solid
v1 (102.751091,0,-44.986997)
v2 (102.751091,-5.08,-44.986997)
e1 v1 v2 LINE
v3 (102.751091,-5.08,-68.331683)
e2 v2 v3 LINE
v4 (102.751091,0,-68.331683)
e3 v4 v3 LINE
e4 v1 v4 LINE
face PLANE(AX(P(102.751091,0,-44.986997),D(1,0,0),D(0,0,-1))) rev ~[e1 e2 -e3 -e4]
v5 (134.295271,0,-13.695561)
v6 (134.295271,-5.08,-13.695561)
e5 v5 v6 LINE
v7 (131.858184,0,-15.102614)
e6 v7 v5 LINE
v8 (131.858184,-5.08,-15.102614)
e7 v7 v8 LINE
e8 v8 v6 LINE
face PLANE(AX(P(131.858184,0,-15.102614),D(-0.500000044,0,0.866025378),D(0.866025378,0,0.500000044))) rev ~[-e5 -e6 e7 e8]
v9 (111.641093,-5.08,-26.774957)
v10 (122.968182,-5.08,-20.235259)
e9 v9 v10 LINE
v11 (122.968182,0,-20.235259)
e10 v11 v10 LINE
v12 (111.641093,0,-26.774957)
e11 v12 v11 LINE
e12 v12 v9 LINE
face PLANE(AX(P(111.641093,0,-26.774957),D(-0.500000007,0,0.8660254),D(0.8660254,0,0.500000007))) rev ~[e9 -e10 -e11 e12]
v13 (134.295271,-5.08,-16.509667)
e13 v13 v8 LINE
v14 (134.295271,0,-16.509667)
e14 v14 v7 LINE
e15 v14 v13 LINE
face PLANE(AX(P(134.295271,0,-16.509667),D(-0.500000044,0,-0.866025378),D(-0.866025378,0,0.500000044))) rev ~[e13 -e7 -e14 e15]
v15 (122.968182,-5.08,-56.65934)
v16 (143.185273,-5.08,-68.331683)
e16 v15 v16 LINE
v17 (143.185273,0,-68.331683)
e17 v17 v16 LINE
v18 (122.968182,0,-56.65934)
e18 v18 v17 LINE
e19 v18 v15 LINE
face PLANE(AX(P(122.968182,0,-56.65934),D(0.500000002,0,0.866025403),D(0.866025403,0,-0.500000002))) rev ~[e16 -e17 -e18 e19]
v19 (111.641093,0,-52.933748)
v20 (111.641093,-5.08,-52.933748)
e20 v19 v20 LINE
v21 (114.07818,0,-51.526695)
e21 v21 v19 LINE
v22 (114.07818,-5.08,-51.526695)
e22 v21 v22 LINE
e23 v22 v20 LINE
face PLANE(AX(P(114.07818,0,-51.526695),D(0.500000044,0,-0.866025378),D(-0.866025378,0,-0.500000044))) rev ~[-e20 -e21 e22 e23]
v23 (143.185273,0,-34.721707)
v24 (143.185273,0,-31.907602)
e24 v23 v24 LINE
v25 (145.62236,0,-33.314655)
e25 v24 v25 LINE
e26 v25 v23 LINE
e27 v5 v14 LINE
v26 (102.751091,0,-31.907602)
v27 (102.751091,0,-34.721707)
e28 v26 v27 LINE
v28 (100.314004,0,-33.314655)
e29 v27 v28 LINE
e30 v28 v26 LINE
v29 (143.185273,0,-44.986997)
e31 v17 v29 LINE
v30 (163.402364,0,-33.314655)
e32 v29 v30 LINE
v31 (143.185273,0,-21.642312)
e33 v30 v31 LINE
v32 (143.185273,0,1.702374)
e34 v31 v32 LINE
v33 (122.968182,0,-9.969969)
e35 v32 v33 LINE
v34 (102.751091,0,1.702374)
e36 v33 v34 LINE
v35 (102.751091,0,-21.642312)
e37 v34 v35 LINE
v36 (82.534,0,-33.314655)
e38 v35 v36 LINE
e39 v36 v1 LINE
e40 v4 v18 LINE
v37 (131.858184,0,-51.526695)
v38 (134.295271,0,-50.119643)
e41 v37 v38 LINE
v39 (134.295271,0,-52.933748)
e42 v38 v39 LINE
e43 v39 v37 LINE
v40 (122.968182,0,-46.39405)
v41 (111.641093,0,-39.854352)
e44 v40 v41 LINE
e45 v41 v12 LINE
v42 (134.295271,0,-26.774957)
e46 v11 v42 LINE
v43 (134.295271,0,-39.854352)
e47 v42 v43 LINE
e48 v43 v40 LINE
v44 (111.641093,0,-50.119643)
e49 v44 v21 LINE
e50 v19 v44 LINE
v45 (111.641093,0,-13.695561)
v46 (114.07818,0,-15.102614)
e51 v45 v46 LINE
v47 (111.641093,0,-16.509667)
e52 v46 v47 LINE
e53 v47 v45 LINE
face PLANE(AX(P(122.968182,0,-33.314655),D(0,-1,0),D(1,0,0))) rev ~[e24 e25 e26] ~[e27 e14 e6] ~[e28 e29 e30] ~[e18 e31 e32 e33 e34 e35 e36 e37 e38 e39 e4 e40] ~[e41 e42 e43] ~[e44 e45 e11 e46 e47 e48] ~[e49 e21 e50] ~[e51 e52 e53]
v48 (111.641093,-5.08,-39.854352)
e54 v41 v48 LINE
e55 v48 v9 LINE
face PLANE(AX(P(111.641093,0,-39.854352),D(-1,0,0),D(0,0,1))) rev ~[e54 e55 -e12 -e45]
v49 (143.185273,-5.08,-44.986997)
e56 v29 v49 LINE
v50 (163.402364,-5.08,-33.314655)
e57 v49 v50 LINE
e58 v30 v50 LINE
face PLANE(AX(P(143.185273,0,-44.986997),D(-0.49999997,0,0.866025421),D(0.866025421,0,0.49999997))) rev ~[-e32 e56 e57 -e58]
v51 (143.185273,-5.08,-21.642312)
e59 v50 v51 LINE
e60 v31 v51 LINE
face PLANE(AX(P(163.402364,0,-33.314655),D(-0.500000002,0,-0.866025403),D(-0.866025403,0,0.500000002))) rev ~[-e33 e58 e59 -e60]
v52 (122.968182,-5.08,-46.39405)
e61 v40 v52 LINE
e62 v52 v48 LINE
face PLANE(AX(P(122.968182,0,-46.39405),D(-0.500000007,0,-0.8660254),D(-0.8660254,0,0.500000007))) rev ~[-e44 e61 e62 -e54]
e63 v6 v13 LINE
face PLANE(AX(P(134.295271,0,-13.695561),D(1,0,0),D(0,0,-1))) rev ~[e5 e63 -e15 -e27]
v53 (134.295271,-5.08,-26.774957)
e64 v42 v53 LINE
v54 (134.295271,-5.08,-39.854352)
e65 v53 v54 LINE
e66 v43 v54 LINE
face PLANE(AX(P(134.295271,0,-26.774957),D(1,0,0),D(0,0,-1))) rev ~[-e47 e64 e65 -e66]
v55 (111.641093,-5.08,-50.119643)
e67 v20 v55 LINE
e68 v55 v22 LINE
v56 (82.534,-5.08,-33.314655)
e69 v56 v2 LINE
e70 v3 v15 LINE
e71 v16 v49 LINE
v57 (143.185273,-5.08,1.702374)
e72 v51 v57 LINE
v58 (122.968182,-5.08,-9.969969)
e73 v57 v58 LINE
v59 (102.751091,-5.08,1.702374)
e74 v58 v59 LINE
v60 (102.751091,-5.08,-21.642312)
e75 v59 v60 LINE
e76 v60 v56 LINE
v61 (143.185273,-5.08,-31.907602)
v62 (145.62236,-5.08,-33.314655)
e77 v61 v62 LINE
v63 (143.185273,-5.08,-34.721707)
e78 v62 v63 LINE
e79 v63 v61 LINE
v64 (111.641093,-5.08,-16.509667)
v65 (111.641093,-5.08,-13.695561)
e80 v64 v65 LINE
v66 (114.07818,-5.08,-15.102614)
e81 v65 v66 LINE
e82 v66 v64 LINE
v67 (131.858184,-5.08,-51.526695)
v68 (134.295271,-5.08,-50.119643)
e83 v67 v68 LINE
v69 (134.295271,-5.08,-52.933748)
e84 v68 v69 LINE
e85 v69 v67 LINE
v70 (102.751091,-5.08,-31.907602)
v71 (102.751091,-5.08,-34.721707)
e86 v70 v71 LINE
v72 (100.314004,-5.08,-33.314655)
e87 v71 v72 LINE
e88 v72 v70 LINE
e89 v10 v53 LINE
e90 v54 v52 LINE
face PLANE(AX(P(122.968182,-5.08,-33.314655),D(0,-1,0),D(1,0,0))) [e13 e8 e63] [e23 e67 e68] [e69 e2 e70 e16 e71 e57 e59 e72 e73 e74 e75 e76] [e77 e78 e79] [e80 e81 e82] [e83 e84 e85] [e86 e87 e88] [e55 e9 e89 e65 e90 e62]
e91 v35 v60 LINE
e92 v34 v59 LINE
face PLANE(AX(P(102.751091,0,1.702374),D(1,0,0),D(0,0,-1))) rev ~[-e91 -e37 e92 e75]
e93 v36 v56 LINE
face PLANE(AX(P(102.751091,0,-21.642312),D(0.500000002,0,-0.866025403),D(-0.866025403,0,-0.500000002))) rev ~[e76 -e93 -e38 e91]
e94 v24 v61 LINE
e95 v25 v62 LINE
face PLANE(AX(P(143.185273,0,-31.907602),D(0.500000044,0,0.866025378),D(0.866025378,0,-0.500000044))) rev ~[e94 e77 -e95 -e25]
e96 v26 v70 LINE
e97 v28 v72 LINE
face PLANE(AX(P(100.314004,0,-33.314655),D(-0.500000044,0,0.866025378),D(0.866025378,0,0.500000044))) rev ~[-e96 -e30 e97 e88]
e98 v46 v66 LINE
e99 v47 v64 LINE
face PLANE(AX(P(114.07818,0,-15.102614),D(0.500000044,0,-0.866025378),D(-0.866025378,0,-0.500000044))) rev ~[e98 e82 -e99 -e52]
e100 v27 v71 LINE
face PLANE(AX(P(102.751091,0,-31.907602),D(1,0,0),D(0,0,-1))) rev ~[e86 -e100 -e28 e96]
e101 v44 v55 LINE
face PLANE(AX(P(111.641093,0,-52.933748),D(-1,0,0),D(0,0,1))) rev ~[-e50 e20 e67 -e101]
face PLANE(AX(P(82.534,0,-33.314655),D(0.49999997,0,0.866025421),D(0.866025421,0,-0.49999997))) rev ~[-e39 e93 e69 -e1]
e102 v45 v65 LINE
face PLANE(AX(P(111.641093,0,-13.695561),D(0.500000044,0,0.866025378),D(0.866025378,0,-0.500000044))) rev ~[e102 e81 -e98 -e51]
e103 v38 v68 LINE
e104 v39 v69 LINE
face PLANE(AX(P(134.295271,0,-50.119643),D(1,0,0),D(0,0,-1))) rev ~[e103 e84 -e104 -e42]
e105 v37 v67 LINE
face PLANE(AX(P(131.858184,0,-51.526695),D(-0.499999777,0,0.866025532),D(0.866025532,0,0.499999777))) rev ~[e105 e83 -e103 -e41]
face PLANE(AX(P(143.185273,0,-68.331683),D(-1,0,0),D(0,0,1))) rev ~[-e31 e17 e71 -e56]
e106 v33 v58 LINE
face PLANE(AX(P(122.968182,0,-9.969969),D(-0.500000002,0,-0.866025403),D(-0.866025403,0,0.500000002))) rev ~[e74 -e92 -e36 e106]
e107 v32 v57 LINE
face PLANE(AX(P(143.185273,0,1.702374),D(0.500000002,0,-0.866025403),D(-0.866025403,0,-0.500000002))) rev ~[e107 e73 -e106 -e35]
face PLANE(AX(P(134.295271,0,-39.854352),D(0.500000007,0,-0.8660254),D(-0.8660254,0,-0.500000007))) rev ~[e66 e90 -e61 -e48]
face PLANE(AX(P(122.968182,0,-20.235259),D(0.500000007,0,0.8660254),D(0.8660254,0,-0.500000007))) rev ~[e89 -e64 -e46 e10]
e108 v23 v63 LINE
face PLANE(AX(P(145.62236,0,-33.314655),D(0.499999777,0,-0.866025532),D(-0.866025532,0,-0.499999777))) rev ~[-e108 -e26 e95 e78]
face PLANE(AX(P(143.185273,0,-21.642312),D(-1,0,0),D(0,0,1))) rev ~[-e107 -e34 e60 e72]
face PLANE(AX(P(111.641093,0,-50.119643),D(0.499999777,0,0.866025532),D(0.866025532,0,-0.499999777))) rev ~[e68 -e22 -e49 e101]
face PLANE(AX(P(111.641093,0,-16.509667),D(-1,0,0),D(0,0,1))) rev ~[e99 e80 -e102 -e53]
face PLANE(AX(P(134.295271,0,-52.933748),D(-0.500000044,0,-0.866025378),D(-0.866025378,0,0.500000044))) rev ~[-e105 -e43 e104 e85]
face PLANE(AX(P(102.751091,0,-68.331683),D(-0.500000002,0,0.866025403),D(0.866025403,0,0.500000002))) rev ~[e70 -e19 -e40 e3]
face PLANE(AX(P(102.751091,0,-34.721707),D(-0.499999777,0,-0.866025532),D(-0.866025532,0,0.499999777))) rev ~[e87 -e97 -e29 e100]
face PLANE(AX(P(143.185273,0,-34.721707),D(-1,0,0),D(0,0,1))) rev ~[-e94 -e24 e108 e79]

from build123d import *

# Parameters (mm, degrees)
F1_DEPTH = 5.08


with BuildPart() as f1:
    # F0 (on Front) → F1 (new body)
    with BuildSketch(Plane.XZ):
        Polygon((143.185273, -21.642312), (143.185273, 1.702374), (122.968182, -9.969969), (102.751091, 1.702374), (102.751091, -21.642312), (82.534, -33.314655), (102.751091, -44.986997), (102.751091, -68.331683), (122.968182, -56.65934), (143.185273, -68.331683), (143.185273, -44.986997), (163.402364, -33.314655), align=None)
        Polygon((111.641093, -50.119643), (114.07818, -51.526695), (111.641093, -52.933748), align=None, mode=Mode.SUBTRACT)
        Polygon((134.295271, -52.933748), (131.858184, -51.526695), (134.295271, -50.119643), align=None, mode=Mode.SUBTRACT)
        Polygon((102.751091, -31.907602), (102.751091, -34.721707), (100.314004, -33.314655), align=None, mode=Mode.SUBTRACT)
        Polygon((122.968182, -46.39405), (111.641093, -39.854352), (111.641093, -26.774957), (122.968182, -20.235259), (134.295271, -26.774957), (134.295271, -39.854352), align=None, mode=Mode.SUBTRACT)
        Polygon((114.07818, -15.102614), (111.641093, -16.509667), (111.641093, -13.695561), align=None, mode=Mode.SUBTRACT)
        Polygon((143.185273, -34.721707), (143.185273, -31.907602), (145.62236, -33.314655), align=None, mode=Mode.SUBTRACT)
        Polygon((134.295271, -16.509667), (131.858184, -15.102614), (134.295271, -13.695561), align=None, mode=Mode.SUBTRACT)
    extrude(amount=F1_DEPTH)


solid = f1.part
